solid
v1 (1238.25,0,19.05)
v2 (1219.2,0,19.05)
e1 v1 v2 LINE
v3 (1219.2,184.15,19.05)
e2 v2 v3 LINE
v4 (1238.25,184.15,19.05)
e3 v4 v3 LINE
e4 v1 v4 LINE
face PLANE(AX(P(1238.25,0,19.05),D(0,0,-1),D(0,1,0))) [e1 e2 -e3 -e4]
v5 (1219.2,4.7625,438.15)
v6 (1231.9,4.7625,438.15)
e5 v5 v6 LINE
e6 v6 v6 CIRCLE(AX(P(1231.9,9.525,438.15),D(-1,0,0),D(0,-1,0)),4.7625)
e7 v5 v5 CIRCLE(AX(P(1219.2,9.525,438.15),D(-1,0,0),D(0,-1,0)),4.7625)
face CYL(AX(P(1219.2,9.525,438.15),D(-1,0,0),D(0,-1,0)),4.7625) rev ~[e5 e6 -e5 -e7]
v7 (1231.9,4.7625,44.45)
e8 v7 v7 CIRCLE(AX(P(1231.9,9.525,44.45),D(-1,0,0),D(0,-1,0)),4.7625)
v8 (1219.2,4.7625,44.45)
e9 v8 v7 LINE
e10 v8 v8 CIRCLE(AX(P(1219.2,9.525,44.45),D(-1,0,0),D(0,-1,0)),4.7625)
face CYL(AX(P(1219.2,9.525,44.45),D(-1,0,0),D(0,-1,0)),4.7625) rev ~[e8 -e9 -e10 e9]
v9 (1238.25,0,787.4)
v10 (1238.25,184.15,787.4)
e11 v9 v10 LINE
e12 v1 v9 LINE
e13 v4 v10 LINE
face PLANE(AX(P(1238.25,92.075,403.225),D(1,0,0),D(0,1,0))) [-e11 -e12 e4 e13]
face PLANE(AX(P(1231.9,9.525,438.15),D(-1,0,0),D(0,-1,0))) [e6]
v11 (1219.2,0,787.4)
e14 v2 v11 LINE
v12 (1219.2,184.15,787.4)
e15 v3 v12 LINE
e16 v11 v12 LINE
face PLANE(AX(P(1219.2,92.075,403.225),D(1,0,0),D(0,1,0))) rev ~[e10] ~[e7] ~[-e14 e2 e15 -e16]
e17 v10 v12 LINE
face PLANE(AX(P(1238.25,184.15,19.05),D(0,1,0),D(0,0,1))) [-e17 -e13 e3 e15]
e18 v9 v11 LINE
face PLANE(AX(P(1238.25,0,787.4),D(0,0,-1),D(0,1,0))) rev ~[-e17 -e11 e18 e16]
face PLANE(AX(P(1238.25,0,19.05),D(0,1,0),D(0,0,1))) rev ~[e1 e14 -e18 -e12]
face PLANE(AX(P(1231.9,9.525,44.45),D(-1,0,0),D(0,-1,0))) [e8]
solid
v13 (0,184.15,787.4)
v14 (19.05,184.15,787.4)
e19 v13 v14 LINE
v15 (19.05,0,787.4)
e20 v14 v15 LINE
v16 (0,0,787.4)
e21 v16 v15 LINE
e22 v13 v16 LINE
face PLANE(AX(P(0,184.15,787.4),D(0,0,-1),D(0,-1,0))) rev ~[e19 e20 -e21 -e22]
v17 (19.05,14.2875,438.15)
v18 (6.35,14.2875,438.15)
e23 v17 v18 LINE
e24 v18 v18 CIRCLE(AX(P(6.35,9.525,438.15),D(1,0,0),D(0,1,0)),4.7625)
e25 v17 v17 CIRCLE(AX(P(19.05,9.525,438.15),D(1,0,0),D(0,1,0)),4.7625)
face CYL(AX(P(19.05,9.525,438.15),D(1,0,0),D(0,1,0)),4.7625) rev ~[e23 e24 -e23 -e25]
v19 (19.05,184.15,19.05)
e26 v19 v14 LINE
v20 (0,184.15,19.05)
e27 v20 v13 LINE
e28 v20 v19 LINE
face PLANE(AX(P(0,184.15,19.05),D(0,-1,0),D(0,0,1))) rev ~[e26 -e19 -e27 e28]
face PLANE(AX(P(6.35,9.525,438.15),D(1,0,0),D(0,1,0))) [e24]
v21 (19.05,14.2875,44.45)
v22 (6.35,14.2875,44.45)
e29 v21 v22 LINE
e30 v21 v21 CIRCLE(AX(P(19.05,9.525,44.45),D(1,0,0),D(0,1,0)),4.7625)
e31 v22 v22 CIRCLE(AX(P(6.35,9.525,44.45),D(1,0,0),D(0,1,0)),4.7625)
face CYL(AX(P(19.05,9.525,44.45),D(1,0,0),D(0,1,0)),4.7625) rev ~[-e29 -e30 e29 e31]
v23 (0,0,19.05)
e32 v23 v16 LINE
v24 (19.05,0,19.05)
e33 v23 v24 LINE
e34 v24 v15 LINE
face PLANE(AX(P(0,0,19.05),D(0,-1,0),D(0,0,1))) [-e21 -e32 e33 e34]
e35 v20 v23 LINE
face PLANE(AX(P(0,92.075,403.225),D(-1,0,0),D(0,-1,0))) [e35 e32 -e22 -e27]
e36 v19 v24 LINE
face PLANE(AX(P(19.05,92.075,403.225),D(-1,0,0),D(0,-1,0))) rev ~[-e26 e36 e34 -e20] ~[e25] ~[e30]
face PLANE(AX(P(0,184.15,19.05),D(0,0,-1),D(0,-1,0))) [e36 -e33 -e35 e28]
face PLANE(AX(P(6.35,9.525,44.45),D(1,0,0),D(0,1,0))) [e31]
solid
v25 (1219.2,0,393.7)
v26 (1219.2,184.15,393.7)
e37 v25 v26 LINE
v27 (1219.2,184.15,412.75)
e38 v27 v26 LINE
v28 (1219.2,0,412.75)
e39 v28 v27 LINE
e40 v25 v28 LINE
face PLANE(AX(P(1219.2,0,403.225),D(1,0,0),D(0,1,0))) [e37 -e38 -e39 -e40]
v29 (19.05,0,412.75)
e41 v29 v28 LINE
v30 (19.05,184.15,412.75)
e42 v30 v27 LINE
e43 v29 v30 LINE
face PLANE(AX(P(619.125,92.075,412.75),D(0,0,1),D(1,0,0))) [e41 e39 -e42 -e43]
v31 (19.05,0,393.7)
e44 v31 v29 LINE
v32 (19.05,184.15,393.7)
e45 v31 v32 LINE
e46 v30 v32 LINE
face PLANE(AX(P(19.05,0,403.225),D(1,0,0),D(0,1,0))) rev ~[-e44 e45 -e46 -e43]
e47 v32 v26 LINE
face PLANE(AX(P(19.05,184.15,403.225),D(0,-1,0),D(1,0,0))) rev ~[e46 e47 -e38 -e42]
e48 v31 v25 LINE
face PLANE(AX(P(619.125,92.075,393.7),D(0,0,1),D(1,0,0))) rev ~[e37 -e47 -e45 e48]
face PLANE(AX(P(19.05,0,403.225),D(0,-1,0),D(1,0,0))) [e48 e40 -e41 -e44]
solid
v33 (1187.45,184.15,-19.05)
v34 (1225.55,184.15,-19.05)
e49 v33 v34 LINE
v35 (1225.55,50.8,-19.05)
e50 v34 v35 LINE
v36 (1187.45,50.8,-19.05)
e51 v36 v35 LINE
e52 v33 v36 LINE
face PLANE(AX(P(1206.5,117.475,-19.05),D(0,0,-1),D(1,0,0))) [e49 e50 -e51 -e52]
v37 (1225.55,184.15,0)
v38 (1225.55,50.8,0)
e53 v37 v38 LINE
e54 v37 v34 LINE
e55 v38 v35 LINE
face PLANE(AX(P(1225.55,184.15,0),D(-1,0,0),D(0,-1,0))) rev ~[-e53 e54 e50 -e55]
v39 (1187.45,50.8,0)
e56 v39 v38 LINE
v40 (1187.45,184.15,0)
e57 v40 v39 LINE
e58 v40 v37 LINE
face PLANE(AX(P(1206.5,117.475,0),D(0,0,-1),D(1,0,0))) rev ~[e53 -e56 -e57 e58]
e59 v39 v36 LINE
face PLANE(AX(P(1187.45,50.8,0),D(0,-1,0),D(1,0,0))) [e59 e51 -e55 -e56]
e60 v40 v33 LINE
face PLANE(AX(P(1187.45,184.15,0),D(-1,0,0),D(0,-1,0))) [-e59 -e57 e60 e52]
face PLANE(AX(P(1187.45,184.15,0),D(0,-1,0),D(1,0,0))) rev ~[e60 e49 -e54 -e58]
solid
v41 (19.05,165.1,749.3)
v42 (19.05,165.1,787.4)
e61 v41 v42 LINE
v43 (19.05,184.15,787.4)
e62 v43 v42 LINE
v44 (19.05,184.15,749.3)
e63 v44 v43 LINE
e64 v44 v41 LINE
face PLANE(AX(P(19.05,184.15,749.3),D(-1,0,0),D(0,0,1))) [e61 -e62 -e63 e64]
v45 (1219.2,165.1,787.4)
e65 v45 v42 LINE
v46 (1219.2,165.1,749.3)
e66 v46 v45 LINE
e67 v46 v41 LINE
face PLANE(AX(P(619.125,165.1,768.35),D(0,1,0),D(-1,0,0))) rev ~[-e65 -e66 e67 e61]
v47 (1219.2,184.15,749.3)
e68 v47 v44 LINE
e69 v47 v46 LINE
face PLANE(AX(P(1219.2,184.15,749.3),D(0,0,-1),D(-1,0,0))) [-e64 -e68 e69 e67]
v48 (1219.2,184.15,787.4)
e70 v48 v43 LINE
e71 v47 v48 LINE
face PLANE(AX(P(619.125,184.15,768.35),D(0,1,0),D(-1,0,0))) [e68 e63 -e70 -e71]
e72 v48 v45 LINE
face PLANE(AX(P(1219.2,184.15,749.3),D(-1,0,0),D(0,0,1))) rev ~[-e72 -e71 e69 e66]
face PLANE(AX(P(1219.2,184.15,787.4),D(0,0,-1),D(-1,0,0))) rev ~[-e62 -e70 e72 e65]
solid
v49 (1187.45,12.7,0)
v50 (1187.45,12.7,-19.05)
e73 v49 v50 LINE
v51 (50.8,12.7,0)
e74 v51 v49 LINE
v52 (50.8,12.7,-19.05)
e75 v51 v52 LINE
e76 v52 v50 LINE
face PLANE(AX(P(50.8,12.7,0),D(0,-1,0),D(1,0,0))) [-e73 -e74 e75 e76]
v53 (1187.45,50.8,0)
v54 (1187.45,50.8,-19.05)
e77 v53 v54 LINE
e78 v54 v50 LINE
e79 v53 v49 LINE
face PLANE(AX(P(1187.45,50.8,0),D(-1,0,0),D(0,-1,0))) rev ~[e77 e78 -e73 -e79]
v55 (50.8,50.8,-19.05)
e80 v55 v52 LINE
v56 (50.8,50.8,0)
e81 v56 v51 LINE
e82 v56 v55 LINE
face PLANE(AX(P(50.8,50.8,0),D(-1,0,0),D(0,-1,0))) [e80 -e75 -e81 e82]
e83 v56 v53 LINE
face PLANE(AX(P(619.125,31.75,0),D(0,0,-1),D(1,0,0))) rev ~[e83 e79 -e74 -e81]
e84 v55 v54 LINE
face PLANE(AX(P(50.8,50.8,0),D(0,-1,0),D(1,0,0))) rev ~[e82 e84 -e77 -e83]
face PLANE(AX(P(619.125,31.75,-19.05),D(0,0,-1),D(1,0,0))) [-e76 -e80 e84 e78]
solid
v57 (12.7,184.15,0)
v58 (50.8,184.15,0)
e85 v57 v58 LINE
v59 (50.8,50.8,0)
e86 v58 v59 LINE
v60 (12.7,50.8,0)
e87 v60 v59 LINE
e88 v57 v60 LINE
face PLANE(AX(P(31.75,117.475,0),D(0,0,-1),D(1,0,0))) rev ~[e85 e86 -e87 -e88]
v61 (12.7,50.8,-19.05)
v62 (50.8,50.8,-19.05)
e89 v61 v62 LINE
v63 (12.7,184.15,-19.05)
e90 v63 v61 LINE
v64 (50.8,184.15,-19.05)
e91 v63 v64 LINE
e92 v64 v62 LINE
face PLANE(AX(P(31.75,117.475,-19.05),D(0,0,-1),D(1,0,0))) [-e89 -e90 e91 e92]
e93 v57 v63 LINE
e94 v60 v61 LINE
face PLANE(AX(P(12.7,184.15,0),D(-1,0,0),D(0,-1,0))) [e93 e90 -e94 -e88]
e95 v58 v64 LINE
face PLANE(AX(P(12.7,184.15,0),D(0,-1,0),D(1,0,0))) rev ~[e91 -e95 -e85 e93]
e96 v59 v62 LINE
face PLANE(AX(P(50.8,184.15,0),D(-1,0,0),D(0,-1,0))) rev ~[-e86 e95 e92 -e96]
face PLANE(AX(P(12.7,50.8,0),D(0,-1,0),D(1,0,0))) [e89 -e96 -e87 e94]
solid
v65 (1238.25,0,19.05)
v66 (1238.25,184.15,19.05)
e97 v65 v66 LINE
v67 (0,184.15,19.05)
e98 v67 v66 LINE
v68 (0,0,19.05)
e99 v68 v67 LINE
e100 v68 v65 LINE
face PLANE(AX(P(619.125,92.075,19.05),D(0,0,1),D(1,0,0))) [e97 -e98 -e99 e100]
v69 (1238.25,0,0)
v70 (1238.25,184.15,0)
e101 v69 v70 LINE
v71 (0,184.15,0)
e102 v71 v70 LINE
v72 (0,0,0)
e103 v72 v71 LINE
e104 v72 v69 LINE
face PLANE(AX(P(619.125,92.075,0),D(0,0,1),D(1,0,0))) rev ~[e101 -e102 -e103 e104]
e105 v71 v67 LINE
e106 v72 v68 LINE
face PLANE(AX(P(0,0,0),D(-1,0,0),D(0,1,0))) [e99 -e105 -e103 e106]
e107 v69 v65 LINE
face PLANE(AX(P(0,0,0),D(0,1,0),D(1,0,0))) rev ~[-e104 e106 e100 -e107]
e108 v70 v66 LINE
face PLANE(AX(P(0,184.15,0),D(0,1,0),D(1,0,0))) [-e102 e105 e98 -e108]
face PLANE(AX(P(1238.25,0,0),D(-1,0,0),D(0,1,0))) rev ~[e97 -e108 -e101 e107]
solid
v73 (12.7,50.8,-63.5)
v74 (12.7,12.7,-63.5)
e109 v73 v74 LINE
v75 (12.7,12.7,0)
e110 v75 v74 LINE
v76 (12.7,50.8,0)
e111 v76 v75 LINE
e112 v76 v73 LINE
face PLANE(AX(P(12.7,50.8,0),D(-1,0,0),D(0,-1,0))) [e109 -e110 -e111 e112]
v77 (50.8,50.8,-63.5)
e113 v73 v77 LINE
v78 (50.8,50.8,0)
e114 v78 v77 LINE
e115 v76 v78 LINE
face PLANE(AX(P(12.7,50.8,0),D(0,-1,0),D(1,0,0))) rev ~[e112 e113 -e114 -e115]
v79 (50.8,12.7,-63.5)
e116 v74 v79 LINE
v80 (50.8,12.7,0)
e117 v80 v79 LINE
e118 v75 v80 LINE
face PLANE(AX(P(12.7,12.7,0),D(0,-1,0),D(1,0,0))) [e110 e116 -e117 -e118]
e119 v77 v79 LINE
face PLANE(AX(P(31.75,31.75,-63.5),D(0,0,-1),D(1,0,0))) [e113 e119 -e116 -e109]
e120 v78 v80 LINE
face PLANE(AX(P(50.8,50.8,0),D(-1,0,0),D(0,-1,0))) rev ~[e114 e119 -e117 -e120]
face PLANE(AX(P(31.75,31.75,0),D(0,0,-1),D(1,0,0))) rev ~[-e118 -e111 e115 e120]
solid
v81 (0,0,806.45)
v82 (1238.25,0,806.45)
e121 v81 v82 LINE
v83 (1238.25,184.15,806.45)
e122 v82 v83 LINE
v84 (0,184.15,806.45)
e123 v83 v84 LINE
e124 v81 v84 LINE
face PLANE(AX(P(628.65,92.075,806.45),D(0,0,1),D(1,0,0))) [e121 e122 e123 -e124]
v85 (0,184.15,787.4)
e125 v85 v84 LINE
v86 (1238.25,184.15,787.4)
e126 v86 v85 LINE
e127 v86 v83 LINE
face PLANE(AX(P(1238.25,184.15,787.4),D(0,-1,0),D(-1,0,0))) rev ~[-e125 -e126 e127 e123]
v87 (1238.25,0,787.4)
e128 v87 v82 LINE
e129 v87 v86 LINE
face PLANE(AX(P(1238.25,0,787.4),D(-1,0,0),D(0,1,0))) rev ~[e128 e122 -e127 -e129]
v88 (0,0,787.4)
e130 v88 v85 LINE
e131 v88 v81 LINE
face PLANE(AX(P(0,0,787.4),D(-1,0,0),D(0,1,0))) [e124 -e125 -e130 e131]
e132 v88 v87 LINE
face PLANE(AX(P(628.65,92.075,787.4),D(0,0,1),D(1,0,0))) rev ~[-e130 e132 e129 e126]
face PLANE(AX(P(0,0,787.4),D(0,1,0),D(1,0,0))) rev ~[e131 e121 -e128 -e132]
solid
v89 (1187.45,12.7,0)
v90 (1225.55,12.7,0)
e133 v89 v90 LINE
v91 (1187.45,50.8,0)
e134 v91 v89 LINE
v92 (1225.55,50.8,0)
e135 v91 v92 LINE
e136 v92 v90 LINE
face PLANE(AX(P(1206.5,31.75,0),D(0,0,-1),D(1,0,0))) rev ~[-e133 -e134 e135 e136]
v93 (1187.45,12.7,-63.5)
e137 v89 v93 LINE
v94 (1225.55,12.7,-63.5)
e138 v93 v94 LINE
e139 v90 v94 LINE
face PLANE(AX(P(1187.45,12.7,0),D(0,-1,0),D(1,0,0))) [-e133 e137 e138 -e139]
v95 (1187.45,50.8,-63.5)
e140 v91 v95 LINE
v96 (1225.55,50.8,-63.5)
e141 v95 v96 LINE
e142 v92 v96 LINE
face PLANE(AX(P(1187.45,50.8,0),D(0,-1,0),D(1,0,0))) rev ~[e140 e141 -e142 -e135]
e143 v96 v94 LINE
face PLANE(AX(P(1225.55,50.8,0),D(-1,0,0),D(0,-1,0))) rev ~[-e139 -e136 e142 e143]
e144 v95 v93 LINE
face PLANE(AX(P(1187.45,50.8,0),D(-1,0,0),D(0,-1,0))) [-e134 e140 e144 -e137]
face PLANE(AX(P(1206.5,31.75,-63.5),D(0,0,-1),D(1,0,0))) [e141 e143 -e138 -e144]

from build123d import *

# Parameters (mm, degrees)
F0_W      = 1238.25
F0_H      = 184.15
F1_DEPTH  = 19.05
F2_W      = 184.15
F2_H      = 768.35
F3_DEPTH  = 19.05
F4_W      = 184.15
F4_H      = 768.35
F5_DEPTH  = 19.05
F6_W      = 1219.2
F6_H      = 184.15
F6_W_2    = 19.05
F7_DEPTH  = 19.05
F10_W     = 1200.15
F10_H     = 184.15
F11_DEPTH = 9.525
F12_W     = 1200.15
F12_H     = 38.1
F13_DEPTH = 19.05
F14_W     = 38.1
F14_H     = 38.1
F15_DEPTH = 63.5
F16_W     = 38.1
F16_H     = 38.1
F17_DEPTH = 63.5
F18_W     = 1136.65
F18_H     = 38.1
F19_DEPTH = 19.05
F20_W     = 38.1
F20_H     = 133.35
F21_DEPTH = 19.05
F22_W     = 38.1
F22_H     = 133.35
F23_DEPTH = 19.05
F24_R     = 4.7625
F25_DEPTH = 12.7
F26_R     = 4.7625
F27_DEPTH = 12.7
F28_R     = 4.7625
F29_DEPTH = 12.7
F30_R     = 4.7625
F31_DEPTH = 12.7


with BuildPart() as f1:
    # F0 (on Top) → F1 (new body)
    with BuildSketch(Plane.XY):
        with Locations((619.125, 92.075)):
            Rectangle(F0_W, F0_H)
    extrude(amount=F1_DEPTH)


with BuildPart() as f3:
    # F2 (on face) → F3 (new body)
    with BuildSketch(Plane(origin=(0, 0, 0), x_dir=(0, -1, 0), z_dir=(-1, 0, 0))):
        with Locations((-92.075, 403.225)):
            Rectangle(F2_W, F2_H)
    extrude(amount=-F3_DEPTH)

    # F24 (on face) → F25 (cut)
    with BuildSketch(Plane.YZ.offset(19.05)):
        with Locations((9.525, 438.15)):
            Circle(F24_R)
    extrude(amount=-F25_DEPTH, mode=Mode.SUBTRACT)

    # F28 (on face) → F29 (cut)
    with BuildSketch(Plane.YZ.offset(19.05)):
        with Locations((9.525, 44.45)):
            Circle(F28_R)
    extrude(amount=-F29_DEPTH, mode=Mode.SUBTRACT)


with BuildPart() as f5:
    # F4 (on face) → F5 (new body)
    with BuildSketch(Plane.YZ.offset(1238.25)):
        with Locations((92.075, 403.225)):
            Rectangle(F4_W, F4_H)
    extrude(amount=-F5_DEPTH)

    # F26 (on face) → F27 (cut)
    with BuildSketch(Plane(origin=(1219.2, 0, 0), x_dir=(0, -1, 0), z_dir=(-1, 0, 0))):
        with Locations((-9.525, 438.15)):
            Circle(F26_R)
    extrude(amount=-F27_DEPTH, mode=Mode.SUBTRACT)

    # F30 (on face) → F31 (cut)
    with BuildSketch(Plane(origin=(1219.2, 0, 0), x_dir=(0, -1, 0), z_dir=(-1, 0, 0))):
        with Locations((-9.525, 44.45)):
            Circle(F30_R)
    extrude(amount=-F31_DEPTH, mode=Mode.SUBTRACT)


with BuildPart() as f7:
    # F6 (on face) → F7 (new body)
    with BuildSketch(Plane.XY.offset(787.4)):
        with Locations((628.65, 92.075)):
            Rectangle(F6_W, F6_H)
        with Locations((9.525, 92.075)):
            Rectangle(F6_W_2, F6_H)
    extrude(amount=F7_DEPTH)


with BuildPart() as f11:
    # F10 (on plane+point) → F11 (new body, symmetric)
    with BuildSketch(Plane.XY.offset(403.225)):
        with Locations((619.125, 92.075)):
            Rectangle(F10_W, F10_H)
    extrude(amount=F11_DEPTH, both=True)


with BuildPart() as f13:
    # F12 (on face) → F13 (new body)
    with BuildSketch(Plane(origin=(0, 184.15, 0), x_dir=(-1, 0, 0), z_dir=(0, 1, 0))):
        with Locations((-619.125, 768.35)):
            Rectangle(F12_W, F12_H)
    extrude(amount=-F13_DEPTH)


with BuildPart() as f15:
    # F14 (on face) → F15 (new body)
    with BuildSketch(Plane(origin=(0, 0, 0), x_dir=(1, 0, 0), z_dir=(0, 0, -1))):
        with Locations((31.75, -31.75)):
            Rectangle(F14_W, F14_H)
    extrude(amount=F15_DEPTH)


with BuildPart() as f17:
    # F16 (on face) → F17 (new body, through all)
    with BuildSketch(Plane(origin=(0, 0, 0), x_dir=(1, 0, 0), z_dir=(0, 0, -1))):
        with Locations((1206.5, -31.75)):
            Rectangle(F16_W, F16_H)
    extrude(amount=F17_DEPTH)


with BuildPart() as f19:
    # F18 (on face) → F19 (new body)
    with BuildSketch(Plane(origin=(0, 0, 0), x_dir=(1, 0, 0), z_dir=(0, 0, -1))):
        with Locations((619.125, -31.75)):
            Rectangle(F18_W, F18_H)
    extrude(amount=F19_DEPTH)


with BuildPart() as f21:
    # F20 (on face) → F21 (new body)
    with BuildSketch(Plane(origin=(0, 0, 0), x_dir=(1, 0, 0), z_dir=(0, 0, -1))):
        with Locations((31.75, -117.475)):
            Rectangle(F20_W, F20_H)
    extrude(amount=F21_DEPTH)


with BuildPart() as f23:
    # F22 (on face) → F23 (new body)
    with BuildSketch(Plane(origin=(0, 0, 0), x_dir=(1, 0, 0), z_dir=(0, 0, -1))):
        with Locations((1206.5, -117.475)):
            Rectangle(F22_W, F22_H)
    extrude(amount=F23_DEPTH)


solid = Compound([f1.part, f3.part, f5.part, f7.part, f11.part, f13.part, f15.part, f17.part, f19.part, f21.part, f23.part])
